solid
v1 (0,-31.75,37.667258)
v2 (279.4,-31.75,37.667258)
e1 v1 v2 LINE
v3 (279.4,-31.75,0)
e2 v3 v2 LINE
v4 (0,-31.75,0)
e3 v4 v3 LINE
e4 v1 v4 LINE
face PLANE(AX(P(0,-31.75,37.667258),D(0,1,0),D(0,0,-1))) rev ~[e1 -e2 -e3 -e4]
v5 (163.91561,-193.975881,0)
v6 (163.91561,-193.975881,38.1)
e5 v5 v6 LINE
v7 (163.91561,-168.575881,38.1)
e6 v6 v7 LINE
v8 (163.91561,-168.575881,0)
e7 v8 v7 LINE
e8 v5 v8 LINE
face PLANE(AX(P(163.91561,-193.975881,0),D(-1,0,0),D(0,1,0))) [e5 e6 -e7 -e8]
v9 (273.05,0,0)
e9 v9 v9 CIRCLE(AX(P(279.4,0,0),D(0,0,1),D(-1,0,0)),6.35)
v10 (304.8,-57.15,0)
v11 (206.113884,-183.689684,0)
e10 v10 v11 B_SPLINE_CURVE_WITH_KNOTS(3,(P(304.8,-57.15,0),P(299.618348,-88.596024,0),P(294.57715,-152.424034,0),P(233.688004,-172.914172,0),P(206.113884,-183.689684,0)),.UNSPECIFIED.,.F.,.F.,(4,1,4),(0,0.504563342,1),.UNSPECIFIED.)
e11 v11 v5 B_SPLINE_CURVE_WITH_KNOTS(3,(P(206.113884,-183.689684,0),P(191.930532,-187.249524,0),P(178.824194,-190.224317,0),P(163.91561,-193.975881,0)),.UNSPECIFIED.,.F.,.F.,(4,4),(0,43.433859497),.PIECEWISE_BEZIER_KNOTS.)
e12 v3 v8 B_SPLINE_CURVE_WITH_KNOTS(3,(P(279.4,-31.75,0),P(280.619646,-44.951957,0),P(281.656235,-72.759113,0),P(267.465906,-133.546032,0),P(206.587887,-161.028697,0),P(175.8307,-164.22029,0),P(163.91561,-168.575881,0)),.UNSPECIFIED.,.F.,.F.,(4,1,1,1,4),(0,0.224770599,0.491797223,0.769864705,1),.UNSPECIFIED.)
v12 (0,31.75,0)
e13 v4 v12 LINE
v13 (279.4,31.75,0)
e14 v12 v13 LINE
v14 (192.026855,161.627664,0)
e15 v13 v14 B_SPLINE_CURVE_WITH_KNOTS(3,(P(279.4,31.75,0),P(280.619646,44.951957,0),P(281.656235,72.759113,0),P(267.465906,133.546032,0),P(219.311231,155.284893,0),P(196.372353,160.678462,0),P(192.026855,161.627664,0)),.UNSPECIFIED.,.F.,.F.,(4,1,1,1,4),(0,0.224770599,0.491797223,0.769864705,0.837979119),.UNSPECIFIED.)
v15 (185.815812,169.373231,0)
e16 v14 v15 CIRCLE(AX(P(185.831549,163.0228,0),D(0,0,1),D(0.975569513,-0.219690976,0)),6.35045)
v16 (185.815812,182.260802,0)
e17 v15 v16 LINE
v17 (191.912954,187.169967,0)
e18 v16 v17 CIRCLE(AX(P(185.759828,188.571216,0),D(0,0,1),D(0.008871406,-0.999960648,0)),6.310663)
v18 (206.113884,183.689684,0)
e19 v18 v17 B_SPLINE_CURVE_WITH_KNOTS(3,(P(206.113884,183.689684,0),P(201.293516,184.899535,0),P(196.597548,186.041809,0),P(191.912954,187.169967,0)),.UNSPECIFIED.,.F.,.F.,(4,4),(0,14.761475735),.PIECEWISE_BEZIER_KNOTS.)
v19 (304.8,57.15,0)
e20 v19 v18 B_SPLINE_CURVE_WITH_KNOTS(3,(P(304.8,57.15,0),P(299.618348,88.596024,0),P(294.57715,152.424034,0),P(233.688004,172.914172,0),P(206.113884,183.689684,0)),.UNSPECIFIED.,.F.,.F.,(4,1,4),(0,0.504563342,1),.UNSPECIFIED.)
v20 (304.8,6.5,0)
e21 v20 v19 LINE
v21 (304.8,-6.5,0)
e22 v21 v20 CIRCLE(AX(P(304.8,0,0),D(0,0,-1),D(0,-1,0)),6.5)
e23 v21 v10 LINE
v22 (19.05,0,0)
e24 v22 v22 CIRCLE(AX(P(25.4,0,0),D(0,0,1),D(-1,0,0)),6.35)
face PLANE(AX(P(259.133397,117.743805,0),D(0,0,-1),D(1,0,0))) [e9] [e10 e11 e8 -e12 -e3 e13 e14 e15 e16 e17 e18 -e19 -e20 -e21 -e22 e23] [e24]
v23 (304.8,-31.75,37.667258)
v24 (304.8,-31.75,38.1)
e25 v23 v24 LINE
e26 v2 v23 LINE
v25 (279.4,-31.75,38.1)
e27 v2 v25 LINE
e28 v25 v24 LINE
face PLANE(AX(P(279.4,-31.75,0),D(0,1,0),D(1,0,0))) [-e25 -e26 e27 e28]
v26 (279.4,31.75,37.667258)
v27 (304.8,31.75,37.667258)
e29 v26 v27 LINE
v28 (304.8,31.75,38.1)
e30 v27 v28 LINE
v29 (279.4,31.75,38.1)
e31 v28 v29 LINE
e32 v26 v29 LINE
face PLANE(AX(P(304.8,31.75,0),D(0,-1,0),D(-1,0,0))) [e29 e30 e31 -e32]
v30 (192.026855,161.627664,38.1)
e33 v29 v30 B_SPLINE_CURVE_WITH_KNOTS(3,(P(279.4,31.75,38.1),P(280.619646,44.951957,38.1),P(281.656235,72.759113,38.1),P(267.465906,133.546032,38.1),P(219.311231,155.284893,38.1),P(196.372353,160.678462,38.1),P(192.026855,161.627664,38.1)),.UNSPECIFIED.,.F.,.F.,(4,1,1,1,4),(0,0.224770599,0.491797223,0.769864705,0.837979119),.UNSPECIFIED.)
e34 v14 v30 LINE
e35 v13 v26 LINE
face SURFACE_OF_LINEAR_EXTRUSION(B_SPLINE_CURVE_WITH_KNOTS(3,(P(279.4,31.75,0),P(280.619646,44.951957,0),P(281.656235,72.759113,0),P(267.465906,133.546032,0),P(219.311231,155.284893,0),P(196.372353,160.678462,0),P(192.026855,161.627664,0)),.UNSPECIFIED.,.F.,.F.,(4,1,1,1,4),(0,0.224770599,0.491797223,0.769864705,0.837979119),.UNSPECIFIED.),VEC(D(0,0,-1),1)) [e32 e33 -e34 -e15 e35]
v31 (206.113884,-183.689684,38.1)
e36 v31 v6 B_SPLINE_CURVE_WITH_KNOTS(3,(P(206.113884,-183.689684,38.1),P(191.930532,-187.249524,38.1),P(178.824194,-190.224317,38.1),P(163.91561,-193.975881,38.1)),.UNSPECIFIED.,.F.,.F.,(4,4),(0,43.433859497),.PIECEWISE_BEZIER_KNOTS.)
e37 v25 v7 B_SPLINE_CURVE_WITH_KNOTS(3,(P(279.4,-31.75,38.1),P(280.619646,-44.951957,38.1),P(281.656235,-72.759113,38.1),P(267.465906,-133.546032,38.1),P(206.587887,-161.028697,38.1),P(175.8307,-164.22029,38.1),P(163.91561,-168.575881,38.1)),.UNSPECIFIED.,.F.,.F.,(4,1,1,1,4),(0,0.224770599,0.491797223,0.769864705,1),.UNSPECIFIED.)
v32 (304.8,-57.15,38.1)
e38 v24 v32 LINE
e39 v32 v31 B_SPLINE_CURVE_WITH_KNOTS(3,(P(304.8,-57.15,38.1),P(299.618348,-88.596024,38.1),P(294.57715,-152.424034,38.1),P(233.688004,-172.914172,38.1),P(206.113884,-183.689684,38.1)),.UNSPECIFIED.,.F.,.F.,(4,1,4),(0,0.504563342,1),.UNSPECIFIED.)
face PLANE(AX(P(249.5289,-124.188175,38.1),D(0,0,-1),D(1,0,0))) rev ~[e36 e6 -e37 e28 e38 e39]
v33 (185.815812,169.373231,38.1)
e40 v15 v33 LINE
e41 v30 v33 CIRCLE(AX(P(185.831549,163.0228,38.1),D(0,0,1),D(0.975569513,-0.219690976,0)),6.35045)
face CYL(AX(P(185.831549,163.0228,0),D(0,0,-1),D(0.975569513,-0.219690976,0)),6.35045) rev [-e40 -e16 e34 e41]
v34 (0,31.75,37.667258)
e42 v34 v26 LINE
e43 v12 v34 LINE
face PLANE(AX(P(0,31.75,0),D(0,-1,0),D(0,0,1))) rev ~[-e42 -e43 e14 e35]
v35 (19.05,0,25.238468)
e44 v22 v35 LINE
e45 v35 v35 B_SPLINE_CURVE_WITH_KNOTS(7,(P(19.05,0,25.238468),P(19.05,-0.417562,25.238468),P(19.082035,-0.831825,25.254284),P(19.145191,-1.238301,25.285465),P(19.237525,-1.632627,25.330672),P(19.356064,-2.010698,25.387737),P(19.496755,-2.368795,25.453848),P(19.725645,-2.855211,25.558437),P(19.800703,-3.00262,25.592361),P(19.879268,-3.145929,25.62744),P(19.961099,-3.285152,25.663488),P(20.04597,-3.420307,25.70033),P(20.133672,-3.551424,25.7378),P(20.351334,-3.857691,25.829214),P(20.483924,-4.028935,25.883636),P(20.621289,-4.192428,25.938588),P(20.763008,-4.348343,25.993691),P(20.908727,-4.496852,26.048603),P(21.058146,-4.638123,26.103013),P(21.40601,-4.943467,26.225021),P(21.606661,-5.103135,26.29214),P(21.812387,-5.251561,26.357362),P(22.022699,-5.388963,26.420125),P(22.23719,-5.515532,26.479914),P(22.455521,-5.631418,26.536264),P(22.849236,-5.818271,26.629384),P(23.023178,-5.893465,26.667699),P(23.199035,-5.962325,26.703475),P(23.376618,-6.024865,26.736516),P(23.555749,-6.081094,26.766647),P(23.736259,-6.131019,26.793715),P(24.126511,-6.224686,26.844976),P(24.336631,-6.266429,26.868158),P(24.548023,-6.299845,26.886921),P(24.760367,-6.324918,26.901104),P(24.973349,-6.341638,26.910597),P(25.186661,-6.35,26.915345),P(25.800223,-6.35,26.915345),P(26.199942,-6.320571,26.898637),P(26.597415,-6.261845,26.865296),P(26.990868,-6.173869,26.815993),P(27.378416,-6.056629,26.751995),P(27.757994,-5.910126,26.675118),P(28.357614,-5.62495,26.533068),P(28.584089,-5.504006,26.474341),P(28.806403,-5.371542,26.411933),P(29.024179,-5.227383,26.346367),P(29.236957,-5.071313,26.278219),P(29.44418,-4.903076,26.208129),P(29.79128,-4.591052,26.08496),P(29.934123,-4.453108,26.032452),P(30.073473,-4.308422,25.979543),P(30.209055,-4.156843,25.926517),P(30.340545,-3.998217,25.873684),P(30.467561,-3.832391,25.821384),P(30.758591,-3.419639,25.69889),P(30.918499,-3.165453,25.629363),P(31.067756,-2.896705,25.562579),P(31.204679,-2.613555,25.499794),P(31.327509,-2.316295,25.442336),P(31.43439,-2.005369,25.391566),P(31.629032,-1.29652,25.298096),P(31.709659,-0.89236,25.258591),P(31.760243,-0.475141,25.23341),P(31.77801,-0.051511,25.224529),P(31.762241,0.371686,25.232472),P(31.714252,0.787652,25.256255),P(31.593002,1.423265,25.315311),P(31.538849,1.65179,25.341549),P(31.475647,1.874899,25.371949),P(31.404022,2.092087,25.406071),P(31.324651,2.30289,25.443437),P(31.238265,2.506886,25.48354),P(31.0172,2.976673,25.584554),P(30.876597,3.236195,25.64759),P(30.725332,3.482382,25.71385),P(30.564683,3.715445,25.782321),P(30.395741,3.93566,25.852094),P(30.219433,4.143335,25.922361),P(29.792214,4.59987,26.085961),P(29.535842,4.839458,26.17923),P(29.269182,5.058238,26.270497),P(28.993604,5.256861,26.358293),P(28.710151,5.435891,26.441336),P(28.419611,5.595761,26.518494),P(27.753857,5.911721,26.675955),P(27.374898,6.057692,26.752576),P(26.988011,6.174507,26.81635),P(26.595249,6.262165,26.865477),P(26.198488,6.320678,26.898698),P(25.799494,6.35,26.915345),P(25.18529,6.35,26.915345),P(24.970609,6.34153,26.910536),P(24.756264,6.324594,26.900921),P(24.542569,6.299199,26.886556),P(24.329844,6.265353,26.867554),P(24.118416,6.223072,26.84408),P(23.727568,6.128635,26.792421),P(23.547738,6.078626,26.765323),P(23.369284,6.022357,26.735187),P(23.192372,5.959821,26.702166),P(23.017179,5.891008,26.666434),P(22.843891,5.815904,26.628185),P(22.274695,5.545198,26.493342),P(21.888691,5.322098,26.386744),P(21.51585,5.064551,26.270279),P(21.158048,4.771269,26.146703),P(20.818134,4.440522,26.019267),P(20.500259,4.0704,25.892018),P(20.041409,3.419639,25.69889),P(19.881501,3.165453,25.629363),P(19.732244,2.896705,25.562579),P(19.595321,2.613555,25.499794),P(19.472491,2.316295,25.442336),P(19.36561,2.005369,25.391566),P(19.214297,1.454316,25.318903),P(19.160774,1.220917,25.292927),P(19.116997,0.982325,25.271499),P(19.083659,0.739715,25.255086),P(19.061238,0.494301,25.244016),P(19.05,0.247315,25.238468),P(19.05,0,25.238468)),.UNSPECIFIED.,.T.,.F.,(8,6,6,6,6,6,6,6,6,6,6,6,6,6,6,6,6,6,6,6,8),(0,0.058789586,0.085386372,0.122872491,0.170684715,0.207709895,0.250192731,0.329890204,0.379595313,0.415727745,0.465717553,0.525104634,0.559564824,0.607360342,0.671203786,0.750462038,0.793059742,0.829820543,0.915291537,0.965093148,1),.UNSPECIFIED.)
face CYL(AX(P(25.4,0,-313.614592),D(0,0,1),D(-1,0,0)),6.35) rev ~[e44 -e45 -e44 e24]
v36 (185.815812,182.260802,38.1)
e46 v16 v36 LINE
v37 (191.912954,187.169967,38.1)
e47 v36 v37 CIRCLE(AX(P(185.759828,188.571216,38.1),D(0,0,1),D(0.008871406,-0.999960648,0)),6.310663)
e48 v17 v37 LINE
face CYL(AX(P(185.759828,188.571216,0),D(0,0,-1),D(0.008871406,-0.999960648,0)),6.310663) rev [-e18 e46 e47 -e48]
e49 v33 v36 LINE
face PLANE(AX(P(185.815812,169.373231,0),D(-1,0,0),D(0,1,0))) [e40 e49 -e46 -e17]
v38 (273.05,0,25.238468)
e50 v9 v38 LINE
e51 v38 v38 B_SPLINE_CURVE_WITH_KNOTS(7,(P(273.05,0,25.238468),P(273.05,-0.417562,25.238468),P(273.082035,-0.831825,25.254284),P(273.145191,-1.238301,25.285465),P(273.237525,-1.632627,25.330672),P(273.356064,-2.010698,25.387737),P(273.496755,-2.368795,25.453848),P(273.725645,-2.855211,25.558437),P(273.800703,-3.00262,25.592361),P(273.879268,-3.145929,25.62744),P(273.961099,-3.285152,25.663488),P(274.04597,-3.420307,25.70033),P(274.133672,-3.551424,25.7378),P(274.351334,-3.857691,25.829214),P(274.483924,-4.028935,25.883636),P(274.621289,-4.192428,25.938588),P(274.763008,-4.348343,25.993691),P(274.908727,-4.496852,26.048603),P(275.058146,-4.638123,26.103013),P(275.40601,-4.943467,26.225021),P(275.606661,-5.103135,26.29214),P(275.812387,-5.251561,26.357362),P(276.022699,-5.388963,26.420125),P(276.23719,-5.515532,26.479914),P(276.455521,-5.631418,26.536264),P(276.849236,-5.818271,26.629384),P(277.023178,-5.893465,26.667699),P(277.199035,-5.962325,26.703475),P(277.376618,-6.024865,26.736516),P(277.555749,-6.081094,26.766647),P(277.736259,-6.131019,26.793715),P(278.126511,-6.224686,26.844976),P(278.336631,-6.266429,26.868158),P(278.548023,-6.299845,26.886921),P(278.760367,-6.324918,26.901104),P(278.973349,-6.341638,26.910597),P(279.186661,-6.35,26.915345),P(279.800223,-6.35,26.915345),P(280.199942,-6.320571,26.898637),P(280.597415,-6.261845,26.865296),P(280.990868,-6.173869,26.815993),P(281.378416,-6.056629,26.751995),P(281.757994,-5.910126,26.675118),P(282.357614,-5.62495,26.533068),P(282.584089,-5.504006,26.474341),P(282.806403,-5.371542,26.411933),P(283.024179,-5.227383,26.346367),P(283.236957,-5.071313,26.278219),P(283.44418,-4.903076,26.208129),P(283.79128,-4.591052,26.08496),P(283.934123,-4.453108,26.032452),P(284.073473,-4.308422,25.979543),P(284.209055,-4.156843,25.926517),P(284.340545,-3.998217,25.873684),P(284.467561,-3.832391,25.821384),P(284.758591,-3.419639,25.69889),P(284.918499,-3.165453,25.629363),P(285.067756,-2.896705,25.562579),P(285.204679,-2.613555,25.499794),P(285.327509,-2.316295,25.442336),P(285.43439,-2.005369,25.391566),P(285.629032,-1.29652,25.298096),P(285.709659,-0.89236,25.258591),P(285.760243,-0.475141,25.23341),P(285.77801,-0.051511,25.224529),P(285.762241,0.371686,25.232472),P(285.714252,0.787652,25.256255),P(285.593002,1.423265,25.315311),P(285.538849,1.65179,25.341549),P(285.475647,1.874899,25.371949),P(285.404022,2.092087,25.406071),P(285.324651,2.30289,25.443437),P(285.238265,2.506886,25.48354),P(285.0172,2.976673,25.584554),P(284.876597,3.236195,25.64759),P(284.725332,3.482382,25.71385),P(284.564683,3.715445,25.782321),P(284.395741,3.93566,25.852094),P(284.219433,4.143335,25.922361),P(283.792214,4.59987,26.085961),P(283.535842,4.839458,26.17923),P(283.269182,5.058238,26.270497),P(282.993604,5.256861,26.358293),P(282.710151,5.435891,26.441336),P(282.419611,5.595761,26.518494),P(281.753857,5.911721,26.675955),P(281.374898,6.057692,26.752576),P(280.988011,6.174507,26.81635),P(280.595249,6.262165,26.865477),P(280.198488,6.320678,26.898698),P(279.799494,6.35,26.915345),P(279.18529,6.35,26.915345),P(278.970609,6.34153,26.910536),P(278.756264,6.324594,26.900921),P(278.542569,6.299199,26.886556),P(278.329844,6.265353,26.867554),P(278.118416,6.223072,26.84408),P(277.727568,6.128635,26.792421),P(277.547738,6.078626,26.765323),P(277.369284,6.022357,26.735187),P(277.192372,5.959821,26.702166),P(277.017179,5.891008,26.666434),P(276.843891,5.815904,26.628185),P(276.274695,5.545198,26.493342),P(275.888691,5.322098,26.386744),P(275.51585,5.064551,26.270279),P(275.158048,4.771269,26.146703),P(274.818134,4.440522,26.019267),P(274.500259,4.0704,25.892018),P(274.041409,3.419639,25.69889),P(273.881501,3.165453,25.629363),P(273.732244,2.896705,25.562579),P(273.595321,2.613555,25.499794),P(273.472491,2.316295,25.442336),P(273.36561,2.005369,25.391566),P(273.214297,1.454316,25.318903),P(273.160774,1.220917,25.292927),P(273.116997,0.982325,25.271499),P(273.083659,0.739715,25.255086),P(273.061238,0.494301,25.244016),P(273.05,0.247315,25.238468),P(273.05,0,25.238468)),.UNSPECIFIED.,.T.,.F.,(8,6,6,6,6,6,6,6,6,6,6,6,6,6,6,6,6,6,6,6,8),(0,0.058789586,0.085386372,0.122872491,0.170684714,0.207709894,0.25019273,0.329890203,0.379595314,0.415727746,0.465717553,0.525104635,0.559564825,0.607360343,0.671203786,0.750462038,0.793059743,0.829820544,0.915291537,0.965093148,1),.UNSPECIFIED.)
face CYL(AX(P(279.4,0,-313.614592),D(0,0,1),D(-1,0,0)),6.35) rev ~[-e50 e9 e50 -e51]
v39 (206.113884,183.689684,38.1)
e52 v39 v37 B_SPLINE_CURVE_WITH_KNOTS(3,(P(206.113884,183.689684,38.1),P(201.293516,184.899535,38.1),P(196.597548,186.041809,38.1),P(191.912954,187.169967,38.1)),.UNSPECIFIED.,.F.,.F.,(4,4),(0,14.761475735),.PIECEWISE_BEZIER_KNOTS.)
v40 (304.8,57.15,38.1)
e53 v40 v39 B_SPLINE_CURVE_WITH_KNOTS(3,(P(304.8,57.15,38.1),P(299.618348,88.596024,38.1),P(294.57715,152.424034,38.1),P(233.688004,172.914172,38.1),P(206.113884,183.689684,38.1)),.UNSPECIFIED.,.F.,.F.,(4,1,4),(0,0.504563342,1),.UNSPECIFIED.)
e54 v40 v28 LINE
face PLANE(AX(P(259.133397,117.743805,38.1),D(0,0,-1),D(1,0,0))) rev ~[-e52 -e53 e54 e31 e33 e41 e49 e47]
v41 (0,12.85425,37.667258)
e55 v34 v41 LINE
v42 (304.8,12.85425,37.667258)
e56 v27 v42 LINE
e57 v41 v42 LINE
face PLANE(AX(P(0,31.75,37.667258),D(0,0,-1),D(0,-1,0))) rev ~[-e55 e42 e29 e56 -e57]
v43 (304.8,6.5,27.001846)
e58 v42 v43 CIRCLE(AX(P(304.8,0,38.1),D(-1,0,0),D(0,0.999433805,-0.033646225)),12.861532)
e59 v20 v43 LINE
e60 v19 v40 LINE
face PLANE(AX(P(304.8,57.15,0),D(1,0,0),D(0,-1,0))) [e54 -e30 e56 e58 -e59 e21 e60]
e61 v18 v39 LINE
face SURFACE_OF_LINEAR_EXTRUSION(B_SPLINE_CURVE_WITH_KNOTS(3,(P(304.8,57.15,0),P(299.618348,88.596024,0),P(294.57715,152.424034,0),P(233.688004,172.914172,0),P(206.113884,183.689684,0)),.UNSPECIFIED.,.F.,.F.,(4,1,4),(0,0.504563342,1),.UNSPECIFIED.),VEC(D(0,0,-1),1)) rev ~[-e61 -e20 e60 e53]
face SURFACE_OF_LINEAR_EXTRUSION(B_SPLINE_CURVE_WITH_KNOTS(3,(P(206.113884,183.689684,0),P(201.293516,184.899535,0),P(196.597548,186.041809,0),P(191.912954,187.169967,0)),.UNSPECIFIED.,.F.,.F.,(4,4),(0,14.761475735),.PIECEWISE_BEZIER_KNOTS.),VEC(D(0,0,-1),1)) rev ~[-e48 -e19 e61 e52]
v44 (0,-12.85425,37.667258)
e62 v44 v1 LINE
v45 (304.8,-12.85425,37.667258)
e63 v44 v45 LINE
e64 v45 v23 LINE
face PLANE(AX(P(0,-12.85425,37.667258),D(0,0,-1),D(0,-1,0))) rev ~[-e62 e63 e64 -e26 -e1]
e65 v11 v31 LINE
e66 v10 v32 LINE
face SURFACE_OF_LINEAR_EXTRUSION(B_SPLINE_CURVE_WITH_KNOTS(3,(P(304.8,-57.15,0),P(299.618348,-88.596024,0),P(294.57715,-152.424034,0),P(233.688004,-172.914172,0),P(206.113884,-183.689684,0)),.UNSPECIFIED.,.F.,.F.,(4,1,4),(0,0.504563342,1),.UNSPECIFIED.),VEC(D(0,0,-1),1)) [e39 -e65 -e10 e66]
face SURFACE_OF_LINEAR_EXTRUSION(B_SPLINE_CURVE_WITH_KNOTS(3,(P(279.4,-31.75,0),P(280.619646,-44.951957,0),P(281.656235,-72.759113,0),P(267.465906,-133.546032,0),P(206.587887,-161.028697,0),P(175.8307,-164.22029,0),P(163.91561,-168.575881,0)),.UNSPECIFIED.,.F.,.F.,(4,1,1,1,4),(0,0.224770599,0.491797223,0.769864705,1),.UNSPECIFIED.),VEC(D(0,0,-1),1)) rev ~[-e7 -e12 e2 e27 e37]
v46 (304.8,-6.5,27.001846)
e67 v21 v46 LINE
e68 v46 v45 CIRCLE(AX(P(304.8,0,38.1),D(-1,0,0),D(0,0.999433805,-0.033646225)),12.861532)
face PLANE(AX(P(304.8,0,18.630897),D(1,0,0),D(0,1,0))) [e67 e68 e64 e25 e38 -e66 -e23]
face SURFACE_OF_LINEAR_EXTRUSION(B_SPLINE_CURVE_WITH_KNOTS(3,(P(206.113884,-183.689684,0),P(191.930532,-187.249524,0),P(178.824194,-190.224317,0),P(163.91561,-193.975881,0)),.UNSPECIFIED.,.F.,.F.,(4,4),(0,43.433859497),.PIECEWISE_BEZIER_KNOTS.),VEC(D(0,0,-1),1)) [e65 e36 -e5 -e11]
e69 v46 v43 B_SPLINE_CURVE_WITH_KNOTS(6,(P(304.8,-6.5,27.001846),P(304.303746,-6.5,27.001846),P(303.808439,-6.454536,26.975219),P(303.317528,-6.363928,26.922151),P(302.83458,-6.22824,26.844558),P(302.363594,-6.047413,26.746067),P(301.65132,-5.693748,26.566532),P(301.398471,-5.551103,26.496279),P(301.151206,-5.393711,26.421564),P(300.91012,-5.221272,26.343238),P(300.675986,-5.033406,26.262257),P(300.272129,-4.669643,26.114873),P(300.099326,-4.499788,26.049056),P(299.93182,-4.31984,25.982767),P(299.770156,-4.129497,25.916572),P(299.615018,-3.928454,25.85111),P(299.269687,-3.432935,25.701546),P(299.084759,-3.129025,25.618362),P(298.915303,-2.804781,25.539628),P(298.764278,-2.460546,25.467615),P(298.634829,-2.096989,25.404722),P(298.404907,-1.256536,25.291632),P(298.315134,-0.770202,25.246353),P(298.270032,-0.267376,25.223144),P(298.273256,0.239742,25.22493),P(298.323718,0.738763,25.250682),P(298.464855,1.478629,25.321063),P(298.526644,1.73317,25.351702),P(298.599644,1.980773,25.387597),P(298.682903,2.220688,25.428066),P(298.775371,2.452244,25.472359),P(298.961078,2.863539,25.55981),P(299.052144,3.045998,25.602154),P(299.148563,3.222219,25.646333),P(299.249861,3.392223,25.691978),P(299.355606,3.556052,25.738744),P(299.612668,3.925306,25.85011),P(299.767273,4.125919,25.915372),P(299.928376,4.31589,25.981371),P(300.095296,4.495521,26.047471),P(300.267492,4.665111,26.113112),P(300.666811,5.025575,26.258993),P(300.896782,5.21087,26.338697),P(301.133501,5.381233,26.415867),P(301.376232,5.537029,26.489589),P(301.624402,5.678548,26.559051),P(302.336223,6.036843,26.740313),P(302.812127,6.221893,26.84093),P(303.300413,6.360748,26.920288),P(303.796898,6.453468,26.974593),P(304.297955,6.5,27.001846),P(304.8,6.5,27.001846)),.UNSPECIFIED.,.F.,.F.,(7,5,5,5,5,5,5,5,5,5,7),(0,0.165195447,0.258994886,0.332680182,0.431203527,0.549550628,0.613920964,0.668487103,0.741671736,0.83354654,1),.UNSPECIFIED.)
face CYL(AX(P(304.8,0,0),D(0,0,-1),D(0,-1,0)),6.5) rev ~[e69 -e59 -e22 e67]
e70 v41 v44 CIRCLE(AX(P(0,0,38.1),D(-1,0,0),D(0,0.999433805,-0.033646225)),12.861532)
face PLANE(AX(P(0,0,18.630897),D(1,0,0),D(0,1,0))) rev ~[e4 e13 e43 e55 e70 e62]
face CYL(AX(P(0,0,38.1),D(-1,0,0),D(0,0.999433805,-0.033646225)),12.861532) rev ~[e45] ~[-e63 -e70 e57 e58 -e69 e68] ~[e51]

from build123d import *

# Parameters (mm, degrees)
F1_DEPTH = 304.8
F3_DEPTH = 37.6682579939
F5_D     = 12.7
F7_DEPTH = 38.1


with BuildPart() as f1:
    # F0 (on Right) → F1 (new body)
    with BuildSketch(Plane.YZ):
        with BuildLine():
            Line((-31.75, 37.6672579939), (-31.75, 0))
            Line((-31.75, 0), (31.75, 0))
            Line((31.75, 0), (31.75, 37.6672579939))
            Line((31.75, 37.6672579939), (12.8542501479, 37.6672579939))
            ThreePointArc((12.8542501479, 37.6672579939), (0, 25.2384677231), (-12.8542501479, 37.6672579939))
            Line((-12.8542501479, 37.6672579939), (-31.75, 37.6672579939))
        make_face()
    extrude(amount=F1_DEPTH)

    # F2 (on face) → F3 (cut, through all)
    with BuildSketch(Plane(origin=(0, 0, 0), x_dir=(1, 0, 0), z_dir=(0, 0, -1))):
        with BuildLine():
            Line((304.8, -6.5), (304.8, 6.5))
            ThreePointArc((304.8, 6.5), (298.3, 0), (304.8, -6.5))
        make_face()
    extrude(amount=-F3_DEPTH, mode=Mode.SUBTRACT)

    # F5 (through all)
    with Locations(Plane(origin=(0, 0, 0), x_dir=(1, 0, 0), z_dir=(0, 0, -1))):
        with Locations((25.4, 0), (279.4, 0)):
            Hole(F5_D / 2)

    # F6 (on face) → F7 (join)
    with BuildSketch(Plane(origin=(0, 0, 0), x_dir=(1, 0, 0), z_dir=(0, 0, -1))):
        with BuildLine():
            Line((304.8, -57.15), (304.8, -31.75))
            Line((304.8, -31.75), (279.4, -31.75))
            add(Edge.make_bspline(
                [(279.4, -31.75), (280.6196464062, -44.9519572545), (281.6562352616, -72.7591128188), (267.4659060578, -133.5460316096), (219.311230836, -155.2848931595), (196.3723528224, -160.6784621447), (192.0268553365, -161.6276637507)],
                knots=[0, 0, 0, 0, 0.2247705993, 0.4917972226, 0.7698647046, 0.837979119, 0.837979119, 0.837979119, 0.837979119], degree=3))
            ThreePointArc((192.0268553365, -161.6276637507), (190.7858628977, -166.9955827691), (185.8158122141, -169.3732314025))
            Line((185.8158122141, -169.3732314025), (185.8158122141, -182.2608020978))
            ThreePointArc((185.8158122141, -182.2608020978), (189.717508907, -183.6558096923), (191.912954164, -187.1699672577))
            add(Edge.make_bspline(
                [(206.1138840691, -183.6896836758), (201.2935156589, -184.8995347049), (196.5975482437, -186.0418094447), (191.912954164, -187.1699672577)],
                knots=[0, 0, 0, 0, 14.7614757351, 14.7614757351, 14.7614757351, 14.7614757351], degree=3))
            add(Edge.make_bspline(
                [(304.8, -57.15), (299.6183479782, -88.5960237562), (294.5771500768, -152.4240335574), (233.688003705, -172.914172303), (206.1138840691, -183.6896836758)],
                knots=[0, 0, 0, 0, 0.5045633421, 1, 1, 1, 1], degree=3))
        make_face()
        with BuildLine():
            Line((279.4, 31.75), (304.8, 31.75))
            Line((304.8, 31.75), (304.8, 57.15))
            add(Edge.make_bspline(
                [(304.8, 57.15), (299.6183479782, 88.5960237562), (294.5771500768, 152.4240335574), (233.688003705, 172.914172303), (206.1138840691, 183.6896836758)],
                knots=[0, 0, 0, 0, 0.5045633421, 1, 1, 1, 1], degree=3))
            add(Edge.make_bspline(
                [(206.1138840691, 183.6896836758), (191.930532214, 187.2495242062), (178.8241938518, 190.2243165594), (163.9156103992, 193.9758807421)],
                knots=[0, 0, 0, 0, 43.433859497, 43.433859497, 43.433859497, 43.433859497], degree=3))
            Line((163.9156103992, 193.9758807421), (163.9156103992, 168.5758807421))
            add(Edge.make_bspline(
                [(279.4, 31.75), (280.6196464062, 44.9519572545), (281.6562352616, 72.7591128188), (267.4659060578, 133.5460316096), (206.5878868967, 161.0286970804), (175.8306996904, 164.2202895611), (163.9156103992, 168.5758807421)],
                knots=[0, 0, 0, 0, 0.2247705993, 0.4917972226, 0.7698647046, 1, 1, 1, 1], degree=3))
        make_face()
    extrude(amount=-F7_DEPTH)


solid = f1.part
